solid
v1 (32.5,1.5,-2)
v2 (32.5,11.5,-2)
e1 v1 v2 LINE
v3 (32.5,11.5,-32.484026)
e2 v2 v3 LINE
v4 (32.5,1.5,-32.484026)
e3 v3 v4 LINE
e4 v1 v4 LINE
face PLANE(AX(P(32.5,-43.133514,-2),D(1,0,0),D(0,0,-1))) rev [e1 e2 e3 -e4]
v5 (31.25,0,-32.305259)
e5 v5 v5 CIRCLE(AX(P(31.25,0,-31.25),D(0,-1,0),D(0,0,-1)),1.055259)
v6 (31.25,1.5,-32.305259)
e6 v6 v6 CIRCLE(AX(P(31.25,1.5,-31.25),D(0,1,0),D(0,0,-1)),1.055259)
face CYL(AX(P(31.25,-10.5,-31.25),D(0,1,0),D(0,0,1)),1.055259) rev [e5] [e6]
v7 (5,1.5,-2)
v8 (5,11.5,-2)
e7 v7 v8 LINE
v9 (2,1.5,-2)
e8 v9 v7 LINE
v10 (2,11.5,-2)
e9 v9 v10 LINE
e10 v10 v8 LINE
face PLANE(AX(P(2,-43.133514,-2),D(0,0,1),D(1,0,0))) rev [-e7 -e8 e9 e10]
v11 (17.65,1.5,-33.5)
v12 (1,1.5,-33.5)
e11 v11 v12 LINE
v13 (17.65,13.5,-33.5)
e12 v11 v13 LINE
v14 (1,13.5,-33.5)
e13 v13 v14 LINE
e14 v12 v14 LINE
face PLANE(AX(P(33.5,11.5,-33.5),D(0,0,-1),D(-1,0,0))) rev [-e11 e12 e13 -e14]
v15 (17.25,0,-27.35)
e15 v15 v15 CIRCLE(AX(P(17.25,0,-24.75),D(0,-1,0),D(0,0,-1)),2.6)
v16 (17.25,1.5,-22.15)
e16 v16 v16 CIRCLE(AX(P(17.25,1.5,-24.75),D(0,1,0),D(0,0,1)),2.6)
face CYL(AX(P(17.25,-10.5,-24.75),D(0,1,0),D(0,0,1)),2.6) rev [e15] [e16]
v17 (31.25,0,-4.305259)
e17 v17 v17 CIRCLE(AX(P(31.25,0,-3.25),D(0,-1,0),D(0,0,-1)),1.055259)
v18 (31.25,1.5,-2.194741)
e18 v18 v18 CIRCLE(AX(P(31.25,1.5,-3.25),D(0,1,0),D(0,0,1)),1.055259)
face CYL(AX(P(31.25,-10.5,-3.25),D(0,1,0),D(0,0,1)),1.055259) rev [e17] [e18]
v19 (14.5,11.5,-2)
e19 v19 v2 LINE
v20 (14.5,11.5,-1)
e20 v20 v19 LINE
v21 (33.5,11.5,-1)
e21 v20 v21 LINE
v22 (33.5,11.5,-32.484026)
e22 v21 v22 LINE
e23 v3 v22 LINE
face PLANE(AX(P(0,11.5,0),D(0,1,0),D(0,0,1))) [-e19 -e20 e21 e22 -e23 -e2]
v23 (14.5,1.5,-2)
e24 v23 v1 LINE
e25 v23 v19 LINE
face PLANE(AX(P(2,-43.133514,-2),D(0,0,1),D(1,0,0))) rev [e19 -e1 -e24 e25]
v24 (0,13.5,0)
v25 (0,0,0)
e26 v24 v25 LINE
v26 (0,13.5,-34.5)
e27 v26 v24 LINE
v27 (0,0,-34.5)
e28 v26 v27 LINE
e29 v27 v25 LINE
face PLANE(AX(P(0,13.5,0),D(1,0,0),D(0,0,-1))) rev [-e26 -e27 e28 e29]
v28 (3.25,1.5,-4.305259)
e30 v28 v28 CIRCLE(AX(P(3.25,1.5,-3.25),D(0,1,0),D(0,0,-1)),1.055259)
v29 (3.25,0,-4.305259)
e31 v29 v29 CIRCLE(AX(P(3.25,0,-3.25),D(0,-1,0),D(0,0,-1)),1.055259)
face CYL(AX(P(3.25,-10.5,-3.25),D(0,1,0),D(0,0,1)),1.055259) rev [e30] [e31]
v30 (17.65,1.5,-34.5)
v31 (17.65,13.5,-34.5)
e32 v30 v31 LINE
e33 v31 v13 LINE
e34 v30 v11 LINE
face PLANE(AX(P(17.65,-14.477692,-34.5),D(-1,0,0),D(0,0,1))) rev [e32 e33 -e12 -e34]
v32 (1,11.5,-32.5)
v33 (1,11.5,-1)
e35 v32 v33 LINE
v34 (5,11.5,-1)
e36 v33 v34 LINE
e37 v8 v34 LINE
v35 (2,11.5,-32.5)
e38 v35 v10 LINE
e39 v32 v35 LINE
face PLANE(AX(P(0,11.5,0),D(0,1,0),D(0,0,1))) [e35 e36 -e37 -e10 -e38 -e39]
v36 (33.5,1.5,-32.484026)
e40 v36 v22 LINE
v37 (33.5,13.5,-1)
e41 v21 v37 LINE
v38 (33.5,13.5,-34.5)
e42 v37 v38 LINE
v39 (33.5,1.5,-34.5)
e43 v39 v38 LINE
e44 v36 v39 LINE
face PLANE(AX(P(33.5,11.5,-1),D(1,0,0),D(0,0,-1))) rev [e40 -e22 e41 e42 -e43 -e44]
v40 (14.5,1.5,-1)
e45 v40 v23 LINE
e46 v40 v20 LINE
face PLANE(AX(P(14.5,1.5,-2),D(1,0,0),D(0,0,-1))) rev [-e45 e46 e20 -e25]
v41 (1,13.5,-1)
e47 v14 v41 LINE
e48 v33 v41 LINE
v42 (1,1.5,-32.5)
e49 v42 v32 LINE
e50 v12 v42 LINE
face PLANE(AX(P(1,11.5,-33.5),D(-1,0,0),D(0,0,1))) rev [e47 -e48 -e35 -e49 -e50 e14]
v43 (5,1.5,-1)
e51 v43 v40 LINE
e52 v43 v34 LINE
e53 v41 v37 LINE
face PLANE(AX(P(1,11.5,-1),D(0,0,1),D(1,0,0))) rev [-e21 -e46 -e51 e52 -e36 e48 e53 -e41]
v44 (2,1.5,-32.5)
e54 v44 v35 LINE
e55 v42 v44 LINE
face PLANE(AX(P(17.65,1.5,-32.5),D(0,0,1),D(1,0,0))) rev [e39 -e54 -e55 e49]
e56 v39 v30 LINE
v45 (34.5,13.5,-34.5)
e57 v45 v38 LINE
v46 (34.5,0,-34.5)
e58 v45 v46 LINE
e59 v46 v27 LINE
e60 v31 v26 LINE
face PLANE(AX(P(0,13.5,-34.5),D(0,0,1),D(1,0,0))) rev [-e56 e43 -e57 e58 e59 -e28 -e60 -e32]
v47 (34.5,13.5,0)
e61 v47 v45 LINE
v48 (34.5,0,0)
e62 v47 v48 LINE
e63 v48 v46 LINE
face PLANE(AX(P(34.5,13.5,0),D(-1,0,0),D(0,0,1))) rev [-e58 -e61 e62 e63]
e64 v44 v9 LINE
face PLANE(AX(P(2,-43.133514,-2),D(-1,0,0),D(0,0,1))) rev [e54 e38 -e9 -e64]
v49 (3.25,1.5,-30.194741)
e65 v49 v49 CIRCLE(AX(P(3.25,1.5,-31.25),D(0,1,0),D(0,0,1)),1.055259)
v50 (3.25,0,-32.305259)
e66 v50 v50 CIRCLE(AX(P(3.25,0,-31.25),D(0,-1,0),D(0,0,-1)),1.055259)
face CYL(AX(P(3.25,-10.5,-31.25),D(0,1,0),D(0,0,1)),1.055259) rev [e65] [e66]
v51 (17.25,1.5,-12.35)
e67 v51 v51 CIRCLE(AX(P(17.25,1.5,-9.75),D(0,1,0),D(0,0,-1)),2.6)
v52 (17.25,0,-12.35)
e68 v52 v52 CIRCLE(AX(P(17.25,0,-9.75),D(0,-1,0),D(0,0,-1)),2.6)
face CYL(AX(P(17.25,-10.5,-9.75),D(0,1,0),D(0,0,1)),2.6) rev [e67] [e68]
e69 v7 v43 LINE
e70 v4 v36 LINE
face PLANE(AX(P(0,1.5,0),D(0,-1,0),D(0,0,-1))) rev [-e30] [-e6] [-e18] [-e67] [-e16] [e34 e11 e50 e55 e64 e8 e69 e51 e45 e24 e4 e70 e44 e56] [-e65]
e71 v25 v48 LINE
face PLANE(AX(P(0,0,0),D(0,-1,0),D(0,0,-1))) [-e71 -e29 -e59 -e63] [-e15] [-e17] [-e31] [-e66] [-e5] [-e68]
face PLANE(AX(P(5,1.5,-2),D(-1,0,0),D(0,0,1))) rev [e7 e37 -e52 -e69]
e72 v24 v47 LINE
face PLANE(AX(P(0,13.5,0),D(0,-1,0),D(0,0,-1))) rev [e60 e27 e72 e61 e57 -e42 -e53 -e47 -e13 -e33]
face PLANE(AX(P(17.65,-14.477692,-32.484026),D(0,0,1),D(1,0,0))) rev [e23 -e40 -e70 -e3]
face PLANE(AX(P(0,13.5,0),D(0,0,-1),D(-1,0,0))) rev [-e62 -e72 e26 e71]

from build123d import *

# Parameters (mm, degrees)
SKETCH_1_W          = 34.5
SKETCH_1_H          = 34.5
EXTRUDE_1_DEPTH     = 13.5
SKETCH_2_W          = 32.5
SKETCH_2_H          = 32.5
CUT_EXTRUDE_1_DEPTH = 2
SKETCH_3_W          = 30.5
SKETCH_3_H          = 30.5
CUT_EXTRUDE_2_DEPTH = 10
SKETCH_4_R          = 1.055259324
SKETCH_4_R_2        = 2.6
CUT_EXTRUDE_3_DEPTH = 12
CUT_EXTRUDE_4_REACH = 52.624
SKETCH_5_W          = 15.85
SKETCH_5_H          = 2.015973822
SKETCH_7_W          = 16.65
SKETCH_7_H          = 1
CUT_EXTRUDE_6_DEPTH = 10
SKETCH_8_W          = 9.5
SKETCH_8_H          = 1
CUT_EXTRUDE_7_DEPTH = 10


with BuildPart() as part:
    # 草图1 → 凸台-拉伸1 (new body)
    with BuildSketch(Plane(origin=(0, 0, 0), x_dir=(1, 0, 0), z_dir=(0, 1, 0))):
        with Locations((17.25, 17.25)):
            Rectangle(SKETCH_1_W, SKETCH_1_H)
    extrude(amount=EXTRUDE_1_DEPTH)

    # 草图2 → 切除-拉伸1 (cut)
    with BuildSketch(Plane(origin=(0, 13.5, 0), x_dir=(1, 0, 0), z_dir=(0, 1, 0))):
        with Locations((17.25, 17.25)):
            Rectangle(SKETCH_2_W, SKETCH_2_H)
    extrude(amount=-CUT_EXTRUDE_1_DEPTH, mode=Mode.SUBTRACT)

    # 草图3 → 切除-拉伸2 (cut)
    with BuildSketch(Plane(origin=(0, 11.5, 0), x_dir=(1, 0, 0), z_dir=(0, 1, 0))):
        with Locations((17.25, 17.25)):
            Rectangle(SKETCH_3_W, SKETCH_3_H)
    extrude(amount=-CUT_EXTRUDE_2_DEPTH, mode=Mode.SUBTRACT)

    # 草图4 → 切除-拉伸3 (cut)
    with BuildSketch(Plane(origin=(0, 1.5, 0), x_dir=(1, 0, 0), z_dir=(0, 1, 0))):
        with Locations(Location((3.25, 31.25, 0), (0, 0, 270))):
            Circle(SKETCH_4_R)
        with Locations(Location((31.25, 31.25, 0), (0, 0, 90))):
            Circle(SKETCH_4_R)
        with Locations(Location((31.25, 3.25, 0), (0, 0, 270))):
            Circle(SKETCH_4_R)
        with Locations(Location((3.25, 3.25, 0), (0, 0, 90))):
            Circle(SKETCH_4_R)
        with Locations(Location((17.25, 24.75, 0), (0, 0, 270))):
            Circle(SKETCH_4_R_2)
        with Locations(Location((17.25, 9.75, 0), (0, 0, 90))):
            Circle(SKETCH_4_R_2)
    extrude(amount=-CUT_EXTRUDE_3_DEPTH, mode=Mode.SUBTRACT)

    # 切除-拉伸4: up to this face of the body (flat: up to its plane)
    cut_extrude_4_end = Plane(part.part.faces().sort_by_distance((17.25, 1.5, -17.25))[0])
    # 草图5 → 切除-拉伸4 (cut, up to the picked face)
    with BuildSketch(Plane(origin=(0, 13.5, 0), x_dir=(1, 0, 0), z_dir=(0, 1, 0)), mode=Mode.PRIVATE) as cut_extrude_4_sk1:
        with Locations((25.575, 33.492013089)):
            Rectangle(SKETCH_5_W, SKETCH_5_H)
    cut_extrude_4_tool1 = split(extrude(cut_extrude_4_sk1.sketch, amount=-CUT_EXTRUDE_4_REACH, mode=Mode.PRIVATE), bisect_by=cut_extrude_4_end, keep=Keep.BOTH, mode=Mode.PRIVATE)
    add(cut_extrude_4_tool1.solids().sort_by(Axis((25.575, 13.5, -33.492013), (0, -1, 0)))[0], mode=Mode.SUBTRACT)

    # 草图7 → 切除-拉伸6 (cut)
    with BuildSketch(Plane(origin=(0, 11.5, 0), x_dir=(1, 0, 0), z_dir=(0, 1, 0))):
        with Locations((9.325, 33)):
            Rectangle(SKETCH_7_W, SKETCH_7_H)
    extrude(amount=-CUT_EXTRUDE_6_DEPTH, mode=Mode.SUBTRACT)

    # 草图8 → 切除-拉伸7 (cut)
    with BuildSketch(Plane(origin=(0, 11.5, 0), x_dir=(1, 0, 0), z_dir=(0, 1, 0))):
        with Locations((9.75, 1.5)):
            Rectangle(SKETCH_8_W, SKETCH_8_H)
    extrude(amount=-CUT_EXTRUDE_7_DEPTH, mode=Mode.SUBTRACT)


solid = part.part
